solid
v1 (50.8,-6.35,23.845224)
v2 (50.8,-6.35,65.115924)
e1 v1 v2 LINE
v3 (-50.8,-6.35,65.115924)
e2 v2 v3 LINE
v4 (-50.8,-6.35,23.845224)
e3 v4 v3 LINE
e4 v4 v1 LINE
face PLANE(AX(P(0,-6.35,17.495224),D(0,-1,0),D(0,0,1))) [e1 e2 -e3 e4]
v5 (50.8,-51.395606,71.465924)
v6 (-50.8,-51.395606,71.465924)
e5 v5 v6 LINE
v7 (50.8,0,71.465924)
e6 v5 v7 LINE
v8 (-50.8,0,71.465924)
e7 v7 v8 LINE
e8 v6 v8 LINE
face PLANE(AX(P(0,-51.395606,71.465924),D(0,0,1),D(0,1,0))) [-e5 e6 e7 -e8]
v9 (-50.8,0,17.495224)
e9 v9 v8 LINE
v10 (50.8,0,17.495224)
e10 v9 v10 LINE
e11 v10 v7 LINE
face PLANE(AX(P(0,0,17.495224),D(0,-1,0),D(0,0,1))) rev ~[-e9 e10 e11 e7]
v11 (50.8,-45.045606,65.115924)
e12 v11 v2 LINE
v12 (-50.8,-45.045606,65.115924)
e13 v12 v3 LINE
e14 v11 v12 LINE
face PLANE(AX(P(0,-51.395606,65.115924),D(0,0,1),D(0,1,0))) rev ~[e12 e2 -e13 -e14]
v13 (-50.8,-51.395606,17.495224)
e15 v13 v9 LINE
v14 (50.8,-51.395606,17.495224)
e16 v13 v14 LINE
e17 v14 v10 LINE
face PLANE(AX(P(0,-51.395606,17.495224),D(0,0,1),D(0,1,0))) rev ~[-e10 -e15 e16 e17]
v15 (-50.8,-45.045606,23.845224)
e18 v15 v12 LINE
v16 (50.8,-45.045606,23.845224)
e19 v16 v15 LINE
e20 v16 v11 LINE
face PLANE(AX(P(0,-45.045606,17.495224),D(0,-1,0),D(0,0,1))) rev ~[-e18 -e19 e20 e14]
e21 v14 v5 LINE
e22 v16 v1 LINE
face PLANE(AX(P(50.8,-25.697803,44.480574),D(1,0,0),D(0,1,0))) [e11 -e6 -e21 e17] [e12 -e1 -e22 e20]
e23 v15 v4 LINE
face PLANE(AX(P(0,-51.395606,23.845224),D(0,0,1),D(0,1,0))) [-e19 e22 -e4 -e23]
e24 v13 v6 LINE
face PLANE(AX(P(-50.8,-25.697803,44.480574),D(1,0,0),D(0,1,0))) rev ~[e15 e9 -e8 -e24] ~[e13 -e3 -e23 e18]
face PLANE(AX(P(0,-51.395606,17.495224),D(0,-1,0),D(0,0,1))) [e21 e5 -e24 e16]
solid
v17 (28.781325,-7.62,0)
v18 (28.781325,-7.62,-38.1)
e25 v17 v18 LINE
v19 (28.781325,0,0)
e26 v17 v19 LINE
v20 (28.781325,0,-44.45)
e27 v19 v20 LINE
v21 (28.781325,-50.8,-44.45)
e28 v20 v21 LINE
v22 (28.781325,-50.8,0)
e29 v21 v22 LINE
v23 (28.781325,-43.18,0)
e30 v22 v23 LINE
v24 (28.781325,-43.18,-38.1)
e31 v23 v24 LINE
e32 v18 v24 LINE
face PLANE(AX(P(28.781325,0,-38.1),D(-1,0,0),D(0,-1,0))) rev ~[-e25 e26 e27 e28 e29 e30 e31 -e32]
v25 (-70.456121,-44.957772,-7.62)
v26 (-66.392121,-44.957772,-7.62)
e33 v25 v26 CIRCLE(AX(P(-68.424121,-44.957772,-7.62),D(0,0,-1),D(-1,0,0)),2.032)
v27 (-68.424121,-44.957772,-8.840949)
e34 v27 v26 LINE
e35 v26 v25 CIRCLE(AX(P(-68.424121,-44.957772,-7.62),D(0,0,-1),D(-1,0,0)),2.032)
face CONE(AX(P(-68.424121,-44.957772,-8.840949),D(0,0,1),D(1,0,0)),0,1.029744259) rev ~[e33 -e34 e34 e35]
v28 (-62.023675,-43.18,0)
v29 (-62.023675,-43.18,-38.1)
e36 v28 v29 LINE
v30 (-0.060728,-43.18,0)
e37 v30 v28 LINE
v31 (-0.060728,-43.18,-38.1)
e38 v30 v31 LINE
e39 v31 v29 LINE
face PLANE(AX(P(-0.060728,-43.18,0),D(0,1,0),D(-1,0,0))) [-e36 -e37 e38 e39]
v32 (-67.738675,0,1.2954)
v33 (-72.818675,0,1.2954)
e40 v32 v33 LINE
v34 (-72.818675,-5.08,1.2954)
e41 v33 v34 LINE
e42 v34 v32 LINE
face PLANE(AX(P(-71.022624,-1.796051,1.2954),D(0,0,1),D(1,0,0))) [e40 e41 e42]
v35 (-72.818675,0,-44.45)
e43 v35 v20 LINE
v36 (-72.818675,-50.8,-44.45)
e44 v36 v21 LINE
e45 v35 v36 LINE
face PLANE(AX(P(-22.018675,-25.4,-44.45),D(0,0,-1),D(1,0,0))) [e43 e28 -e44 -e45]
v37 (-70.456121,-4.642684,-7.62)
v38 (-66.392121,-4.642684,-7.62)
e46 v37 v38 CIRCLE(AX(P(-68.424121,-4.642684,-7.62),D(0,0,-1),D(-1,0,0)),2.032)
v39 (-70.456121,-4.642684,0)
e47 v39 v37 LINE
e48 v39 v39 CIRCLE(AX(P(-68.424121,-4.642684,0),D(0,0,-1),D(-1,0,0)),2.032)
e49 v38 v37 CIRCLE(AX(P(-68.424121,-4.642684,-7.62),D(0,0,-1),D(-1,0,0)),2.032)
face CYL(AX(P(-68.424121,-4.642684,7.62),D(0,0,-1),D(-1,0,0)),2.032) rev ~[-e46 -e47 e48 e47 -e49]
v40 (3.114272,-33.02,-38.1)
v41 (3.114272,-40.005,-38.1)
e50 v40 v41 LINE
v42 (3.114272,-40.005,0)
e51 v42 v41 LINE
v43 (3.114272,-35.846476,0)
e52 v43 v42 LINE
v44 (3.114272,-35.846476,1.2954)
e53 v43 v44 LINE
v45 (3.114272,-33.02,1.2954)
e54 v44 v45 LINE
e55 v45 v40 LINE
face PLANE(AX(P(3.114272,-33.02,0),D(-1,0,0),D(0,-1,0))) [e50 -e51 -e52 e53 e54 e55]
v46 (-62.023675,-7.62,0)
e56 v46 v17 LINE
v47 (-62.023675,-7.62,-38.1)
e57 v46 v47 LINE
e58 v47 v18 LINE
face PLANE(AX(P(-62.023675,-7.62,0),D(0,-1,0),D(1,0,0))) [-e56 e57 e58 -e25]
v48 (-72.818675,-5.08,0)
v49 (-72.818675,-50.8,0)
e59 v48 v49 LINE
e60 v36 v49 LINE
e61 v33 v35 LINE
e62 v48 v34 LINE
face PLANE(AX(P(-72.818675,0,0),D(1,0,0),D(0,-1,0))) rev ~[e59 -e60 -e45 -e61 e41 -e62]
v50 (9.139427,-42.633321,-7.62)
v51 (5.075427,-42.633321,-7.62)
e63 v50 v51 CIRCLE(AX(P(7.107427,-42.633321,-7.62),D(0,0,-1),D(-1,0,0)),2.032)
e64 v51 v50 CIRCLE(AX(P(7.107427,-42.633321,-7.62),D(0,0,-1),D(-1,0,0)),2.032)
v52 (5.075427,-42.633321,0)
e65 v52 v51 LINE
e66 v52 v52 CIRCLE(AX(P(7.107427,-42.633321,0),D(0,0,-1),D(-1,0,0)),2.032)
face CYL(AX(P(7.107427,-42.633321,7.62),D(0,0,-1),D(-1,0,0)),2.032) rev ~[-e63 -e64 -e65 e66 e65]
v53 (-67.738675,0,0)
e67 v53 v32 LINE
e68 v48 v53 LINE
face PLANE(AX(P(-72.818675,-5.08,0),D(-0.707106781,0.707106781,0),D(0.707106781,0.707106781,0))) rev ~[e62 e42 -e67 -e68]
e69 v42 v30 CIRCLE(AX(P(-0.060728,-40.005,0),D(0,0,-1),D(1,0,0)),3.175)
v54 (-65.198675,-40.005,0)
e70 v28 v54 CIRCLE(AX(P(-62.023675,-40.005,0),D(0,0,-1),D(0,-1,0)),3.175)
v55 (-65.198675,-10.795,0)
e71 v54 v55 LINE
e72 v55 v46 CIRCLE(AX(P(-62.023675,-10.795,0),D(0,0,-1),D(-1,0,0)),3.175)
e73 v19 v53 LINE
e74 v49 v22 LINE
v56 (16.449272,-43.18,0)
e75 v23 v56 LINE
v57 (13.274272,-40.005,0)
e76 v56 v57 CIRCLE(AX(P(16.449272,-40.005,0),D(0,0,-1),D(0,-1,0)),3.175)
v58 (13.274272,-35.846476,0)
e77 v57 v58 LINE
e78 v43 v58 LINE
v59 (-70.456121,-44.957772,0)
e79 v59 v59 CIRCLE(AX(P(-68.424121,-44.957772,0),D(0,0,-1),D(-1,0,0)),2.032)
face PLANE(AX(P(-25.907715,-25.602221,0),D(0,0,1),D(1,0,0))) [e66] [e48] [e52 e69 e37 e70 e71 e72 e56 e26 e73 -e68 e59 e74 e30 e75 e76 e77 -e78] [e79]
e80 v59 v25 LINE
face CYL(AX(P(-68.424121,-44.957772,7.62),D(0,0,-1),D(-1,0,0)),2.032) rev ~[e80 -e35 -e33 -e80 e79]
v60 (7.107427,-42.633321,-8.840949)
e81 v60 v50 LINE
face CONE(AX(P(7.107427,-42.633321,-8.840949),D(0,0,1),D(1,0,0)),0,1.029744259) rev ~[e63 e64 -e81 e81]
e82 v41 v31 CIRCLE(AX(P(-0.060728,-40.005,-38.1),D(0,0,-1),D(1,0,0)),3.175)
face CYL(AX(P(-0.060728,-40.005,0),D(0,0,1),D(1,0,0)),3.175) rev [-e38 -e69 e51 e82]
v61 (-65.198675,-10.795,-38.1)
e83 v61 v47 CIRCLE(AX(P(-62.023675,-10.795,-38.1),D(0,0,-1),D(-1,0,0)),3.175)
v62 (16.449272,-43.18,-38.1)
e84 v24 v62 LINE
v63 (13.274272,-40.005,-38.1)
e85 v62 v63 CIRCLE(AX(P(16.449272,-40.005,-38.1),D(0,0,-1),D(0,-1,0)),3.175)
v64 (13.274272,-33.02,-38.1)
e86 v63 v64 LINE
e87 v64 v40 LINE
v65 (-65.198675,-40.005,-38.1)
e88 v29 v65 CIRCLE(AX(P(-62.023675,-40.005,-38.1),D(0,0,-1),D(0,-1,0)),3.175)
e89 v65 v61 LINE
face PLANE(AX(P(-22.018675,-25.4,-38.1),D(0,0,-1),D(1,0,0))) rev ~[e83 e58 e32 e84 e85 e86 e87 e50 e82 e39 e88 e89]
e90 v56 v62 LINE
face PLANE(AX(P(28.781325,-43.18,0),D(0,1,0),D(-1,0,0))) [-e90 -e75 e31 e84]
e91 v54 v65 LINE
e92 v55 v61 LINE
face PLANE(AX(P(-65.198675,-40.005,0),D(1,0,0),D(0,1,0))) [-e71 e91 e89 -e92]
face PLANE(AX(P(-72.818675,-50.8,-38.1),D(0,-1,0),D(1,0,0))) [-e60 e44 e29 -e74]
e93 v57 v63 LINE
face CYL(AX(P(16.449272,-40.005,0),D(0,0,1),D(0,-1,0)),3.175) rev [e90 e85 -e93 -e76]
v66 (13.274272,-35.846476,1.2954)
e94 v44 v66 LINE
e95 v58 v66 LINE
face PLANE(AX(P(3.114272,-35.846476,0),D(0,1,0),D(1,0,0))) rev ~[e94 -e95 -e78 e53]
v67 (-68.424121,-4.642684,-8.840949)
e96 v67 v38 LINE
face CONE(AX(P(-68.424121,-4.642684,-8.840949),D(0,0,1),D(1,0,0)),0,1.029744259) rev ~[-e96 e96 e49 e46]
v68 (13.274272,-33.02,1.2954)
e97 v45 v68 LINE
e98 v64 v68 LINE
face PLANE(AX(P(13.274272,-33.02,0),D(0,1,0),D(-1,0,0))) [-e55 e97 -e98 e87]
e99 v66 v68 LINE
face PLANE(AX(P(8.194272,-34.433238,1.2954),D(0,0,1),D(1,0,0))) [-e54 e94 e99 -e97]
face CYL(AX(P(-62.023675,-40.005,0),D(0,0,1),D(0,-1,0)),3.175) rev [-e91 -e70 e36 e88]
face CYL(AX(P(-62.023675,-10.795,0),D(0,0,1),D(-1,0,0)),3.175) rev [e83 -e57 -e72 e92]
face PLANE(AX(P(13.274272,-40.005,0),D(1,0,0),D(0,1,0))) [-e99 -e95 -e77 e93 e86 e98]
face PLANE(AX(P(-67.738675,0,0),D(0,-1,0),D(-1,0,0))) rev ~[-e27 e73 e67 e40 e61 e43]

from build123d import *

# Parameters (mm, degrees)
F1_DEPTH      = 38.1
F2_W          = 101.6
F2_H          = 50.8
F3_DEPTH      = 6.35
F4_W          = 10.16
F4_H          = 2.8264755118
F5_DEPTH      = 1.2954
F7_D          = 4.064
F7_DEPTH      = 7.62
F7_TIP        = 1.2209487779
F8_W          = 51.3956062496
F8_H          = 53.9707001299
F9_DEPTH      = 50.8
F9_DEPTH_BACK = 50.8
F10_T         = -6.35


with BuildPart() as f1:
    # F0 (on Top) → F1 (new body)
    with BuildSketch(Plane.XY):
        with BuildLine():
            Line((-72.818674798, 0), (-72.818674798, -50.8))
            Line((-72.818674798, -50.8), (28.781325202, -50.8))
            Line((28.781325202, -50.8), (28.781325202, -43.18))
            Line((28.781325202, -43.18), (16.4492722979, -43.18))
            ThreePointArc((16.4492722979, -43.18), (14.2042082677, -42.2500640303), (13.2742722979, -40.005))
            Line((13.2742722979, -40.005), (13.2742722979, -33.02))
            Line((13.2742722979, -33.02), (3.1142722979, -33.02))
            Line((3.1142722979, -33.02), (3.1142722979, -40.005))
            ThreePointArc((3.1142722979, -40.005), (2.1843363282, -42.2500640303), (-0.0607277021, -43.18))
            Line((-0.0607277021, -43.18), (-62.023674798, -43.18))
            ThreePointArc((-62.023674798, -43.18), (-64.2687388283, -42.2500640303), (-65.198674798, -40.005))
            Line((-65.198674798, -40.005), (-65.198674798, -10.795))
            ThreePointArc((-65.198674798, -10.795), (-64.2687388283, -8.5499359697), (-62.023674798, -7.62))
            Line((-62.023674798, -7.62), (28.781325202, -7.62))
            Line((28.781325202, -7.62), (28.781325202, 0))
            Line((28.781325202, 0), (-72.818674798, 0))
        make_face()
    extrude(amount=-F1_DEPTH)

    # F2 (on face) → F3 (join)
    with BuildSketch(Plane(origin=(0, 0, -38.1), x_dir=(1, 0, 0), z_dir=(0, 0, -1))):
        with Locations((-22.018674798, 25.4)):
            Rectangle(F2_W, F2_H)
    extrude(amount=F3_DEPTH)

    # F4 (on face) → F5 (join)
    with BuildSketch(Plane.XY):
        Polygon((-72.818674798, 0), (-72.818674798, -5.08), (-67.738674798, 0), align=None)
        with Locations((8.1942722979, -34.4332377559)):
            Rectangle(F4_W, F4_H)
    extrude(amount=F5_DEPTH)

    # F7
    with Locations(Plane.XY):
        with Locations((-68.4241205454, -4.642683547), (-68.4241205454, -44.9577718973), (7.1074273437, -42.6333211362)):
            Hole(F7_D / 2, depth=F7_DEPTH)
            with Locations((0, 0, -(F7_DEPTH + F7_TIP / 2))):  # 118° drill point
                Cone(0, F7_D / 2, F7_TIP, mode=Mode.SUBTRACT)


with BuildPart() as f9:
    # F8 (on Right) → F9 (new body, two sides)
    with BuildSketch(Plane.YZ) as f9_sk:
        with Locations((-25.6978031248, 44.4805743173)):
            Rectangle(F8_W, F8_H)
    extrude(amount=-F9_DEPTH)
    extrude(f9_sk.sketch, amount=F9_DEPTH_BACK)

    # F10
    f10_openings = [f9.faces().sort_by_distance(p)[0] for p in [
        (50.8, -25.697803, 44.480574),
        (-50.8, -25.697803, 44.480574),
    ]]
    offset(amount=F10_T, openings=f10_openings)


solid = Compound([f1.part, f9.part])
